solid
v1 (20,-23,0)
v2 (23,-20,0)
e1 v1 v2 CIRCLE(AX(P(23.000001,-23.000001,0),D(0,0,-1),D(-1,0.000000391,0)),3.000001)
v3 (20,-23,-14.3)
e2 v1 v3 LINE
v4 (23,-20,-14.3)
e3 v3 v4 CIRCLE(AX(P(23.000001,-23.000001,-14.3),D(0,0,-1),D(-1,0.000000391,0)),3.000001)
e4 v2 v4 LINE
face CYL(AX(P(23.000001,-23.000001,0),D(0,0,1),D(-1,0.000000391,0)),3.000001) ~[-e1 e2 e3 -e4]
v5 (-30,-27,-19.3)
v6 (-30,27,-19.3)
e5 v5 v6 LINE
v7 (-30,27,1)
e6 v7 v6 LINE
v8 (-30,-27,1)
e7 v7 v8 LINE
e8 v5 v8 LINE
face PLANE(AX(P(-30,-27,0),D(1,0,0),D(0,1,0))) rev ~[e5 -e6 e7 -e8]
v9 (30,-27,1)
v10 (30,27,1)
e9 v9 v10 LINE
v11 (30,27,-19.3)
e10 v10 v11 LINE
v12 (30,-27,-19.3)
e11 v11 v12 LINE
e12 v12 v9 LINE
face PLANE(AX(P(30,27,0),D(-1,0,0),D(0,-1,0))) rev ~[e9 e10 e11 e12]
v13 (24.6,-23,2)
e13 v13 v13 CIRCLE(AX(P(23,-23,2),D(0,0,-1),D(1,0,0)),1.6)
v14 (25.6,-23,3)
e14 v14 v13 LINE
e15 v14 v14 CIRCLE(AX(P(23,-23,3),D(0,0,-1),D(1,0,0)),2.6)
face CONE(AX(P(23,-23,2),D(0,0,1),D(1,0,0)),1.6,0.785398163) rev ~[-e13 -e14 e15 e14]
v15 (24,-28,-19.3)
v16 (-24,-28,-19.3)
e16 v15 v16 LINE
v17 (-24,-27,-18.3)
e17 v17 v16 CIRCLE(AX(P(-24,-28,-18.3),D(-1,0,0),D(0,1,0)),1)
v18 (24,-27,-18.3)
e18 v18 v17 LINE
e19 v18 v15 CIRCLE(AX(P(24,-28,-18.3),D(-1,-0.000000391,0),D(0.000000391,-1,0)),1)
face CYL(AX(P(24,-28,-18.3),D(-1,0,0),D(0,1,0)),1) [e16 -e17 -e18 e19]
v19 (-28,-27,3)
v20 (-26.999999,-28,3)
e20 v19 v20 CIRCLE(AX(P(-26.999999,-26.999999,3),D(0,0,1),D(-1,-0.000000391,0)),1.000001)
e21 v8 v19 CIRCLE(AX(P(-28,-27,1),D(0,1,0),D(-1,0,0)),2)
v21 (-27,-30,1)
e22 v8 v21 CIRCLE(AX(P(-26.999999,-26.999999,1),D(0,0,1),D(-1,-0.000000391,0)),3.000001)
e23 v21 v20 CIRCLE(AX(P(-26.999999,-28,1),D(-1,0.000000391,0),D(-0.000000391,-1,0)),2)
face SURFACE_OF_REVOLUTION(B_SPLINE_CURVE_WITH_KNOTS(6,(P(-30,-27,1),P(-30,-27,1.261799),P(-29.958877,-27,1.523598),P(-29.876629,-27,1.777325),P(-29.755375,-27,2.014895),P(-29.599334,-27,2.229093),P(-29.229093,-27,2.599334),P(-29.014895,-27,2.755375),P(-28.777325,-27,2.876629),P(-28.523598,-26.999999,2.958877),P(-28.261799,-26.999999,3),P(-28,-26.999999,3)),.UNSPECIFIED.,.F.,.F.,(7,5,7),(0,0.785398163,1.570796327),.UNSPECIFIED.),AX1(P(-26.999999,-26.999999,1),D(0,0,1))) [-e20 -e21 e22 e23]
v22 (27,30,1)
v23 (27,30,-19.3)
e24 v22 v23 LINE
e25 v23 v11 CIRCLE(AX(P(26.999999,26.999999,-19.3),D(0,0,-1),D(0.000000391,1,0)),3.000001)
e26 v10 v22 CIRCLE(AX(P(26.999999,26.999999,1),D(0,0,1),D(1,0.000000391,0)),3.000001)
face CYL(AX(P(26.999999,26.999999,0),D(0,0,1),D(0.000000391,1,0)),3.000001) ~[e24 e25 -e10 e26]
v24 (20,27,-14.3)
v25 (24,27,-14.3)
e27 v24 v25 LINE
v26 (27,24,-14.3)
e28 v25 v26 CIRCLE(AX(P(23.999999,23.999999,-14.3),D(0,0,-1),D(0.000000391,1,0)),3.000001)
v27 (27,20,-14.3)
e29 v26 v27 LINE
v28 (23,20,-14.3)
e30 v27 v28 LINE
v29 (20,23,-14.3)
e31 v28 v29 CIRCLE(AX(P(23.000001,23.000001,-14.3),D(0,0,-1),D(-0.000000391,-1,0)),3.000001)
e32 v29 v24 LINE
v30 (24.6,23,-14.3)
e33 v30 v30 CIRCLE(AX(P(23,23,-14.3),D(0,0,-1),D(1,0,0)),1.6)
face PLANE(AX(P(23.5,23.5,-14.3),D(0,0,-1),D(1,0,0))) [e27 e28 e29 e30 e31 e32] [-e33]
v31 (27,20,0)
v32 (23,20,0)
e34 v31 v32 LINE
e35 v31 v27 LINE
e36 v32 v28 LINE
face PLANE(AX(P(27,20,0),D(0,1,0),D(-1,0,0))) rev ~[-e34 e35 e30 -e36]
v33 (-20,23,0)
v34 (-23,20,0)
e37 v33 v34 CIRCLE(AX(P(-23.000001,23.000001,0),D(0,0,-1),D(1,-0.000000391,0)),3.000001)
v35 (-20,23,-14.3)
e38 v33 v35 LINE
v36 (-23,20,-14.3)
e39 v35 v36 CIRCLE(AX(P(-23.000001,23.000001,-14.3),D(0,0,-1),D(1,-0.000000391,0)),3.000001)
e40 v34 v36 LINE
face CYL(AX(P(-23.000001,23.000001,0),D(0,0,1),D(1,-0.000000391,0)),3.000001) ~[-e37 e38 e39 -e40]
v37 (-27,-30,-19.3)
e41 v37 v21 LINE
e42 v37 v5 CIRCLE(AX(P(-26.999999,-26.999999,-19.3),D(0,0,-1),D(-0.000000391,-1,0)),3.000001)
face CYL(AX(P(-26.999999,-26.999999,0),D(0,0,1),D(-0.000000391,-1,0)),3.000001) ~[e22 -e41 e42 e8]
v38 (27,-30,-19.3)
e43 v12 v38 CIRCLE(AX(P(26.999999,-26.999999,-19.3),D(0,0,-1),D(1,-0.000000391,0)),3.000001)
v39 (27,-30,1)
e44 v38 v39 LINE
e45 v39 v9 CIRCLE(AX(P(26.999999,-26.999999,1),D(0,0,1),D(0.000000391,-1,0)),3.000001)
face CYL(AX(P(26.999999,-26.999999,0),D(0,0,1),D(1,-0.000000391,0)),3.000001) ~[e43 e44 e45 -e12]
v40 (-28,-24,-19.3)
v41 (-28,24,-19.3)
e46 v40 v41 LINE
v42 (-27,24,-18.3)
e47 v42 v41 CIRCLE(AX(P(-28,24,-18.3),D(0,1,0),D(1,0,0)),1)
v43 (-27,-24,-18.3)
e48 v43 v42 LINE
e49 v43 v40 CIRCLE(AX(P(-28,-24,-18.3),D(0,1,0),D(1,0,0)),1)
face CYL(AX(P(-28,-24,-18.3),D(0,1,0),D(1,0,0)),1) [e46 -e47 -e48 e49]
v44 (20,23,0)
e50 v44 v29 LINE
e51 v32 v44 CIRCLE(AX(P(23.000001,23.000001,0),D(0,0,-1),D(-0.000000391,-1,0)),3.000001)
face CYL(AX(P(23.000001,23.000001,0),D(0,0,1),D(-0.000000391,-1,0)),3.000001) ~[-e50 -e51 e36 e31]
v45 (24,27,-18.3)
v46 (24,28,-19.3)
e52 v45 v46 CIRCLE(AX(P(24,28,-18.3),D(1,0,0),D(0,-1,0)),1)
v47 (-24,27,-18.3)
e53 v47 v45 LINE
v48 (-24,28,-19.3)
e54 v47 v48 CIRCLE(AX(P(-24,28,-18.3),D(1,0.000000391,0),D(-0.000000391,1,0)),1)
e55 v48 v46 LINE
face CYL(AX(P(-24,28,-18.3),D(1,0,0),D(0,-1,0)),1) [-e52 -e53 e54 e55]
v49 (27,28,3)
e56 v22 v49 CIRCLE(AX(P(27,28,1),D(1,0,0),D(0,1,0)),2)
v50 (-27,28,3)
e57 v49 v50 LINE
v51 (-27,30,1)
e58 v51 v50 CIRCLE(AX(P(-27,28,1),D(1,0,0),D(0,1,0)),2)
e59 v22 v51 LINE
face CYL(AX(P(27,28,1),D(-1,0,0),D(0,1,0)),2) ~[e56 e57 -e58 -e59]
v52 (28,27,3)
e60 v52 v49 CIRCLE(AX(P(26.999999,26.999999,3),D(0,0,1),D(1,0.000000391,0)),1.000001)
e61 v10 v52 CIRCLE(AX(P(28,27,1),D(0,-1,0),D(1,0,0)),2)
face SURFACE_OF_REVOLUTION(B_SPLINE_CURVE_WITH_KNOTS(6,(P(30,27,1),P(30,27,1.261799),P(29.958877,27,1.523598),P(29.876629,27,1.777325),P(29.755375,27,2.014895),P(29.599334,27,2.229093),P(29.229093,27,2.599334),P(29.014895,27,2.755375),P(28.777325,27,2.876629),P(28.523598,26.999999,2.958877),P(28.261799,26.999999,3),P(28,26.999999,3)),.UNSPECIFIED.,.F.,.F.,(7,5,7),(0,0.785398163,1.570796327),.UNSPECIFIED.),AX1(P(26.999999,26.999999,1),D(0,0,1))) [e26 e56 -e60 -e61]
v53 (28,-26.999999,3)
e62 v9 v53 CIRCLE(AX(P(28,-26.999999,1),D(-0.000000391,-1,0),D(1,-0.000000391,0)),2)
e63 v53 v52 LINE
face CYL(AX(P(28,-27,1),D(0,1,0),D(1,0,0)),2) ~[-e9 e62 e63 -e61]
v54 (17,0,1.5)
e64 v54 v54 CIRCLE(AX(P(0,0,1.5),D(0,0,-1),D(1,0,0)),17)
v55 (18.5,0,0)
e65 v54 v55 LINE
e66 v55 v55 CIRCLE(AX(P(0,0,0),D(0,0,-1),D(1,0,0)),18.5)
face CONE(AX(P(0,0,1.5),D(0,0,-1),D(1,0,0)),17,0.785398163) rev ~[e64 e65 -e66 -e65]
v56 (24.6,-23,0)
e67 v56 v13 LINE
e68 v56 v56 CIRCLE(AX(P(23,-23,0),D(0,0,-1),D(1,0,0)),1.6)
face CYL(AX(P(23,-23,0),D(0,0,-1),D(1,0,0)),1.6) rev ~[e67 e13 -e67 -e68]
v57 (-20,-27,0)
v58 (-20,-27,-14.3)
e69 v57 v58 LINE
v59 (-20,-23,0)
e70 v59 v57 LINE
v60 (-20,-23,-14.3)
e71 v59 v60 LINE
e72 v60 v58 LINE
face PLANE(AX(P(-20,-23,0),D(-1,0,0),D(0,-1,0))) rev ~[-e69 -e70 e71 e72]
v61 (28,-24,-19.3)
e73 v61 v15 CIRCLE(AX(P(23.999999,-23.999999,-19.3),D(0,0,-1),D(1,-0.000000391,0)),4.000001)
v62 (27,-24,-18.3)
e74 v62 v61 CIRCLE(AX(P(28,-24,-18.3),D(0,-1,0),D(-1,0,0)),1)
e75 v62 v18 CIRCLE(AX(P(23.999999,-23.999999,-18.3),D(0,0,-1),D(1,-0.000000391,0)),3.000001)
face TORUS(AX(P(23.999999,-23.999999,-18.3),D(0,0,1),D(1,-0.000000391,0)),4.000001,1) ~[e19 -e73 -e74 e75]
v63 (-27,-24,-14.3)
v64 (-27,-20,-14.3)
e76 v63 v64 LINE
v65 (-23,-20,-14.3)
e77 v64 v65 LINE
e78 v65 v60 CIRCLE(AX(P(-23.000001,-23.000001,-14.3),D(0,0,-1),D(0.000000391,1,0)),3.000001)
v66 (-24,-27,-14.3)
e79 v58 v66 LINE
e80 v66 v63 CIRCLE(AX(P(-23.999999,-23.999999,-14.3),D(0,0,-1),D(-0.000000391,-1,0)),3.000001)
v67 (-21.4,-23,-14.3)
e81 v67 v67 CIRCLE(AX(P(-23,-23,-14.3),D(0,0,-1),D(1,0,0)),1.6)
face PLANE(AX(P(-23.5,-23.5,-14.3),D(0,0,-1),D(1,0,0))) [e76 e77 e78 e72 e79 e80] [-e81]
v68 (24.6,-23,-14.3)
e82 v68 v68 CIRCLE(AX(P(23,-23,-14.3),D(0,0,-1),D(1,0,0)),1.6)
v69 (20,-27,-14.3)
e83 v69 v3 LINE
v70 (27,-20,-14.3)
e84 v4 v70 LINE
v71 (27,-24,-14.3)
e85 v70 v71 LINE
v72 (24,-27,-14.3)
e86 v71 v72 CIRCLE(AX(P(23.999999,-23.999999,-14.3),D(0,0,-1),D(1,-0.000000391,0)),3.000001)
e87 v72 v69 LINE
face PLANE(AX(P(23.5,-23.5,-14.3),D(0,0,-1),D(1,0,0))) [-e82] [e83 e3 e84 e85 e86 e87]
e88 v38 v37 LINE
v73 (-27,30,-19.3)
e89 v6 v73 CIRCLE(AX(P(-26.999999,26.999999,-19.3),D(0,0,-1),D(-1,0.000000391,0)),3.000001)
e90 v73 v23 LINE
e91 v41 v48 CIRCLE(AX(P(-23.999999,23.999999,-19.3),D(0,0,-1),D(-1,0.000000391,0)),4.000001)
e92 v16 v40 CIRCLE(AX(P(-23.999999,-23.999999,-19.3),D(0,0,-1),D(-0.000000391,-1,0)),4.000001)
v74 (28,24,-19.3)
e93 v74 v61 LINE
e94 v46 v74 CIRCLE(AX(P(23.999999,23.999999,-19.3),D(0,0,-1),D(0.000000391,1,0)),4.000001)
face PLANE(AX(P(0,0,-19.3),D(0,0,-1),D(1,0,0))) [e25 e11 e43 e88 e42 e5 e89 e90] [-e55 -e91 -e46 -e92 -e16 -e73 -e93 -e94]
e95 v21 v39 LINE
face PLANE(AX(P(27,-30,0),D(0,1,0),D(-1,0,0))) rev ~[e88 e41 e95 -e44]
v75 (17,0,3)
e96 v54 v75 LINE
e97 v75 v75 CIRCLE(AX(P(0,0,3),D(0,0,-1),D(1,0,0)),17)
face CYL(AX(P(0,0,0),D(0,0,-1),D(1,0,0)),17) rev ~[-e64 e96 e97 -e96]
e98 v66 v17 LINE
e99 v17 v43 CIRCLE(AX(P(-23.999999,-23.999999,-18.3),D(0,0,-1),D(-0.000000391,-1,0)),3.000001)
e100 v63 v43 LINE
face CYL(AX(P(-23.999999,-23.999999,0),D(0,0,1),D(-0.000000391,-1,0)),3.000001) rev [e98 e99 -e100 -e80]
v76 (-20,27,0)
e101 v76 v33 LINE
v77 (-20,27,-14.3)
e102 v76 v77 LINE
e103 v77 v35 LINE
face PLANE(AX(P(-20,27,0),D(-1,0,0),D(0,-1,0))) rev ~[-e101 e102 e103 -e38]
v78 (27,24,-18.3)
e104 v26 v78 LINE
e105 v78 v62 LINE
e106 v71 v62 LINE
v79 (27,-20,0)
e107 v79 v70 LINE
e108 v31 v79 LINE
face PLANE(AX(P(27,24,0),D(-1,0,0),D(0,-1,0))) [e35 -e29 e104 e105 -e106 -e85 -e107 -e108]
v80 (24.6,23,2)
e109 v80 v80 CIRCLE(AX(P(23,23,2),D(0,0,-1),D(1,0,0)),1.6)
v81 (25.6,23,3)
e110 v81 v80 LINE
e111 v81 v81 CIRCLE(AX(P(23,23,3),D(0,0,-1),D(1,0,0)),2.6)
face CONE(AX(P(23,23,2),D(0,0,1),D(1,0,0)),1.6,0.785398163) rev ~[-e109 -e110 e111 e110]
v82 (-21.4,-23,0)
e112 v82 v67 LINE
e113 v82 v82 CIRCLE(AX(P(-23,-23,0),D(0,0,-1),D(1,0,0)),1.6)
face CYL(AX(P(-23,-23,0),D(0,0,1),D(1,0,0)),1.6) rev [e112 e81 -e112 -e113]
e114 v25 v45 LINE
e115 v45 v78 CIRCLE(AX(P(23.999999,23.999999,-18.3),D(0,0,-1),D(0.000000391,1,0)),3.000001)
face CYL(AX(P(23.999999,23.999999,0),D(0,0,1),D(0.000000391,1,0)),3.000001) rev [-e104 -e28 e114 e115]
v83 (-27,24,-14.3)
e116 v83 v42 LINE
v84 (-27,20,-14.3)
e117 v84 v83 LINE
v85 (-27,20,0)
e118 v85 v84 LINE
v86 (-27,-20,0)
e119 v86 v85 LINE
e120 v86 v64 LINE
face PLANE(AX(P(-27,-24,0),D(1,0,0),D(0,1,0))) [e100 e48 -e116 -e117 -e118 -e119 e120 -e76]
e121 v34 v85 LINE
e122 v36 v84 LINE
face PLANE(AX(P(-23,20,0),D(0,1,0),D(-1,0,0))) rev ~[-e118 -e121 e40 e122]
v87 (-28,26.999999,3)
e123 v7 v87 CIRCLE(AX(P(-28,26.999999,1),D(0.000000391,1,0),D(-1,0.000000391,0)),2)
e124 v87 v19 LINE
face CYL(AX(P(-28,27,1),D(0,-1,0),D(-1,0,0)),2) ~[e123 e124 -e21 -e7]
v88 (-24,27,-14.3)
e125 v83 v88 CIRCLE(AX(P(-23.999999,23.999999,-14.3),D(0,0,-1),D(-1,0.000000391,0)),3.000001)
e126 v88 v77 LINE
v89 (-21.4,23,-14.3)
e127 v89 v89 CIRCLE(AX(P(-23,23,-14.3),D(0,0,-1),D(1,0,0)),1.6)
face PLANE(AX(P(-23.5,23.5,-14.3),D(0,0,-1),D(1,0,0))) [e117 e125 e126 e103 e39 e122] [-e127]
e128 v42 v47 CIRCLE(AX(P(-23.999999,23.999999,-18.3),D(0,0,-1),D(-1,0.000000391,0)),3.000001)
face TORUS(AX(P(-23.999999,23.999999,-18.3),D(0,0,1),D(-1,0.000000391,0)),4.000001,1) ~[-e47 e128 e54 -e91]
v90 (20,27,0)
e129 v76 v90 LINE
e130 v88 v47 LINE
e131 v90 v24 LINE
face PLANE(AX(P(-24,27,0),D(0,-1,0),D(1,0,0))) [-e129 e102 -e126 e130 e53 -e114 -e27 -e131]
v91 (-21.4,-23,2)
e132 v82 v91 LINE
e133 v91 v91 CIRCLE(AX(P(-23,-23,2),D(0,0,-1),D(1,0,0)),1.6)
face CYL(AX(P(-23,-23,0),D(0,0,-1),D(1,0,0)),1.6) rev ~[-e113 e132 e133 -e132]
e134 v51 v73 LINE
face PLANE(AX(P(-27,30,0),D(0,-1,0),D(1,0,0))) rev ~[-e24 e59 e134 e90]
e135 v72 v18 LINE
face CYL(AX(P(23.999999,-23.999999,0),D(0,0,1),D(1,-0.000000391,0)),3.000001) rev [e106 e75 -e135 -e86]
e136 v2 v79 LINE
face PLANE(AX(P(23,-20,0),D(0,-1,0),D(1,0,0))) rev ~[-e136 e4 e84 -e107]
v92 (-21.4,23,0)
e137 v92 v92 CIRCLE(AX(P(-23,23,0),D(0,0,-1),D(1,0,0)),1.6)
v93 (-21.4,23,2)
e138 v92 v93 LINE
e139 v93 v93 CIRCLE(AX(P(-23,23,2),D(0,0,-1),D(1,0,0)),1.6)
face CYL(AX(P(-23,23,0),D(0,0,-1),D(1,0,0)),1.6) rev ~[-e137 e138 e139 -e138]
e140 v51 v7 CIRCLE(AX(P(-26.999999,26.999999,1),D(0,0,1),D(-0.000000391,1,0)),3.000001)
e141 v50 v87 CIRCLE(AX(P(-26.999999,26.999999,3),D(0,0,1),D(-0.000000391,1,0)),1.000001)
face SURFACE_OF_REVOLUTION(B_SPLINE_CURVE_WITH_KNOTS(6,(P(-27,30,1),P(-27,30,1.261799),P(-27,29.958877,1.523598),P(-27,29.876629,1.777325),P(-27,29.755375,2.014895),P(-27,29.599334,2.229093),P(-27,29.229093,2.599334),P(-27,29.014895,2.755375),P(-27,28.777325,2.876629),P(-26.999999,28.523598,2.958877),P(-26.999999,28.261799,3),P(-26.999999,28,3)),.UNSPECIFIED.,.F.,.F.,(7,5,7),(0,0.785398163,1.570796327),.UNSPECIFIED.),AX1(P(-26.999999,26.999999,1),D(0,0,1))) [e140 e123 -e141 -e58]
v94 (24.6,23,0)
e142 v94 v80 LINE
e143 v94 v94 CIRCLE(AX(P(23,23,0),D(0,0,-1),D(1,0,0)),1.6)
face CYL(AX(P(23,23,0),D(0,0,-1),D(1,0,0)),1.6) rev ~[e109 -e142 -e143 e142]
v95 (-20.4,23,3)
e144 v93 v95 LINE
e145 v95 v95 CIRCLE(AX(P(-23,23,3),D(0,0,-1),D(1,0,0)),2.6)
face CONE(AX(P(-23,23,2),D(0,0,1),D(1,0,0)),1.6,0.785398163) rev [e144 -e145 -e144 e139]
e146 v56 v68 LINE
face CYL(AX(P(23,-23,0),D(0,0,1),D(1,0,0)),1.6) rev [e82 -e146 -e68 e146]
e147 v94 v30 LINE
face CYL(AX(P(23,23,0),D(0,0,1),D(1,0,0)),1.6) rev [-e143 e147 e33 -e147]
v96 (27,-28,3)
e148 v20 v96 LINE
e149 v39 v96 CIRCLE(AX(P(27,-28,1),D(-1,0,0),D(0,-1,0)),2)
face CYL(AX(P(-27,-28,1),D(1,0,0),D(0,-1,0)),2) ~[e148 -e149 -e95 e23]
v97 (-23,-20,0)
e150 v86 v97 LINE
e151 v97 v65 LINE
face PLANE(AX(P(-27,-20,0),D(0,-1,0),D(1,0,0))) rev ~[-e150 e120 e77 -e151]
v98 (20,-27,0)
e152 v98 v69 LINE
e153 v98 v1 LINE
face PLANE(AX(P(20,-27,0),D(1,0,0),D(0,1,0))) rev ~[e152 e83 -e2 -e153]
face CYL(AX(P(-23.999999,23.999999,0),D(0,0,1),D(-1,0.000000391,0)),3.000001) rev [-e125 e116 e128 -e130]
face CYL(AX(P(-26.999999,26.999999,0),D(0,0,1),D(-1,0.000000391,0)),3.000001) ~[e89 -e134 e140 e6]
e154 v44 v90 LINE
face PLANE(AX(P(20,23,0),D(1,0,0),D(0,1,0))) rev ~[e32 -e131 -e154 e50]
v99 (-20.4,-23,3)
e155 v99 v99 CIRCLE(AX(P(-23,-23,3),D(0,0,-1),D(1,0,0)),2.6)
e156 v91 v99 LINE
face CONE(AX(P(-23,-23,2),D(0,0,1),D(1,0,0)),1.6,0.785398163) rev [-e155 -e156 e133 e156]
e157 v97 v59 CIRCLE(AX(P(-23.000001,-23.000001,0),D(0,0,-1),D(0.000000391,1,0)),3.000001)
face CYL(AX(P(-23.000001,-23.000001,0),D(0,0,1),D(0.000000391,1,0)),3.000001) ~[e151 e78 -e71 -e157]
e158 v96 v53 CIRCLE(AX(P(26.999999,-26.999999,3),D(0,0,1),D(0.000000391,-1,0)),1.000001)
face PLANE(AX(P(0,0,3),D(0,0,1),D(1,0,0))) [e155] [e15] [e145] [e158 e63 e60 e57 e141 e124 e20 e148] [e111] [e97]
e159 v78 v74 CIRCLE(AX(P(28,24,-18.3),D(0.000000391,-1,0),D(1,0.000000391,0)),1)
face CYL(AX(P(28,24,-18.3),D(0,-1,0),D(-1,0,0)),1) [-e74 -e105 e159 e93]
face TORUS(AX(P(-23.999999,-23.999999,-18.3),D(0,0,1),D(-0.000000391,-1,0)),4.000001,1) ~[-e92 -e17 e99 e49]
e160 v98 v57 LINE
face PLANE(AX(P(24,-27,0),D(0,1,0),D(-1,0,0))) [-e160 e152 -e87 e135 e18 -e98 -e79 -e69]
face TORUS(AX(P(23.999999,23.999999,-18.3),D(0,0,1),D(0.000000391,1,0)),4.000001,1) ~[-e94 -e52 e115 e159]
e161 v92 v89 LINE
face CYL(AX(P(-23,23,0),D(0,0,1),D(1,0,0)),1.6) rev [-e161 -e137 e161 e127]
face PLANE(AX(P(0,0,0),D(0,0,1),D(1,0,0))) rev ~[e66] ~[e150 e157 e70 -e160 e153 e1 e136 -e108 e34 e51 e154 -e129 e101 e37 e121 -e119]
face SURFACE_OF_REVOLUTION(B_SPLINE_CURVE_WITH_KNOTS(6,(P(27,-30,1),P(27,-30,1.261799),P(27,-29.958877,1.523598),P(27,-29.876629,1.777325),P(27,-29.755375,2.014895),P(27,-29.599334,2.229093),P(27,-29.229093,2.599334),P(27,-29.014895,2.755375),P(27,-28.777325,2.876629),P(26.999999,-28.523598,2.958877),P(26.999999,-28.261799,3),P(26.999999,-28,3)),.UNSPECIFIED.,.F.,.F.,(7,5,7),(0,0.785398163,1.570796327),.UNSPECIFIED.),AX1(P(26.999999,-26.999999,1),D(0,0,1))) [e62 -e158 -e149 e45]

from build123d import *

# Parameters (mm, degrees)
PAD_DEPTH       = 3
SKETCH001_R     = 17
POCKET_DEPTH    = 3.001
PAD001_DEPTH    = 19.3
FILLET_R        = 1
FILLET001_R     = 2
CHAMFER_SIZE    = 1.5
SKETCH003_R     = 1.6
POCKET001_DEPTH = 5
SKETCH004_R     = 1.6
PAD002_DEPTH    = 14.3
CHAMFER001_SIZE = 1


with BuildPart() as part:
    # Sketch → Pad (new body)
    with BuildSketch(Plane.XY):
        with BuildLine():
            Line((-30, 27), (-30, -27))
            ThreePointArc((-30, -27), (-29.12132, -29.12132), (-27, -30))
            Line((-27, -30), (27, -30))
            ThreePointArc((27, -30), (29.12132, -29.12132), (30, -27))
            Line((30, -27), (30, 27))
            ThreePointArc((30, 27), (29.12132, 29.12132), (27, 30))
            Line((27, 30), (-27, 30))
            ThreePointArc((-27, 30), (-29.12132, 29.12132), (-30, 27))
        make_face()
    extrude(amount=PAD_DEPTH)

    # Sketch001 (on Face9 of Pad) → Pocket (cut, through all)
    with BuildSketch(Plane(origin=(0, 0, 0), x_dir=(1, 0, 0), z_dir=(0, 0, -1))):
        Circle(SKETCH001_R)
    extrude(amount=-POCKET_DEPTH, mode=Mode.SUBTRACT)

    # Sketch002 (on Face4 of Pocket) → Pad001 (join)
    with BuildSketch(Plane(origin=(0, 0, 0), x_dir=(1, 0, 0), z_dir=(0, 0, -1))):
        with BuildLine():
            Line((-30, 27), (-30, -27))
            ThreePointArc((-30, -27), (-29.12132, -29.12132), (-27, -30))
            Line((-27, -30), (27, -30))
            ThreePointArc((27, -30), (29.12132, -29.12132), (30, -27))
            Line((30, -27), (30, 27))
            ThreePointArc((30, 27), (29.12132, 29.12132), (27, 30))
            Line((27, 30), (-27, 30))
            ThreePointArc((-27, 30), (-29.12132, 29.12132), (-30, 27))
        make_face()
        with BuildLine():
            Line((-27, 24), (-27, -24))
            ThreePointArc((-27, -24), (-26.12132, -26.12132), (-24, -27))
            Line((-24, -27), (24, -27))
            ThreePointArc((24, -27), (26.12132, -26.12132), (27, -24))
            Line((27, -24), (27, 24))
            ThreePointArc((27, 24), (26.12132, 26.12132), (24, 27))
            Line((24, 27), (-24, 27))
            ThreePointArc((-24, 27), (-26.12132, 26.12132), (-27, 24))
        make_face(mode=Mode.SUBTRACT)
    extrude(amount=PAD001_DEPTH)

    # Fillet
    fillet_edges = [part.edges().sort_by_distance(p)[0] for p in [
        (-27, 0, -19.3),
        (27, 0, -19.3),
        (0, -27, -19.3),
        (0, 27, -19.3),
    ]]
    fillet(fillet_edges, radius=FILLET_R)

    # Fillet001
    fillet001_edges = [part.edges().sort_by_distance(p)[0] for p in [
        (0, 30, 3),
        (-30, 0, 3),
        (0, -30, 3),
        (30, 0, 3),
    ]]
    fillet(fillet001_edges, radius=FILLET001_R)

    # Chamfer
    chamfer_edges = [part.edges().sort_by_distance(p)[0] for p in [
        (-17, 0, 0),
    ]]
    chamfer(chamfer_edges, length=CHAMFER_SIZE)

    # Sketch003 (on Face4 of Chamfer) → Pocket001 (cut)
    with BuildSketch(Plane(origin=(0, 0, 0), x_dir=(1, 0, 0), z_dir=(0, 0, -1))):
        with Locations((-23, 23)):
            Circle(SKETCH003_R)
        with Locations((-23, -23)):
            Circle(SKETCH003_R)
        with Locations((23, -23)):
            Circle(SKETCH003_R)
        with Locations((23, 23)):
            Circle(SKETCH003_R)
    extrude(amount=-POCKET001_DEPTH, mode=Mode.SUBTRACT)

    # Sketch004 (on Face4 of Pocket001) → Pad002 (join)
    with BuildSketch(Plane(origin=(0, 0, 0), x_dir=(1, 0, 0), z_dir=(0, 0, -1))):
        with BuildLine():
            Line((-27, 24), (-27, 20))
            Line((-27, 20), (-23, 20))
            ThreePointArc((-23, 20), (-20.87868, 20.87868), (-20, 23))
            Line((-20, 23), (-20, 27))
            Line((-20, 27), (-24, 27))
            ThreePointArc((-24, 27), (-26.12132, 26.12132), (-27, 24))
        make_face()
        with Locations((-23, 23)):
            Circle(SKETCH004_R, mode=Mode.SUBTRACT)
        with BuildLine():
            Line((23, 20), (27, 20))
            Line((27, 20), (27, 24))
            ThreePointArc((27, 24), (26.12132, 26.12132), (24, 27))
            Line((24, 27), (20, 27))
            Line((20, 27), (20, 23))
            ThreePointArc((20, 23), (20.87868, 20.87868), (23, 20))
        make_face()
        with Locations((23, 23)):
            Circle(SKETCH004_R, mode=Mode.SUBTRACT)
        with BuildLine():
            Line((-23, -20), (-27, -20))
            Line((-27, -20), (-27, -24))
            ThreePointArc((-27, -24), (-26.12132, -26.12132), (-24, -27))
            Line((-24, -27), (-20, -27))
            Line((-20, -27), (-20, -23))
            ThreePointArc((-20, -23), (-20.87868, -20.87868), (-23, -20))
        make_face()
        with Locations((-23, -23)):
            Circle(SKETCH004_R, mode=Mode.SUBTRACT)
        with BuildLine():
            Line((27, -20), (23, -20))
            ThreePointArc((23, -20), (20.87868, -20.87868), (20, -23))
            Line((20, -23), (20, -27))
            Line((20, -27), (24, -27))
            ThreePointArc((24, -27), (26.12132, -26.12132), (27, -24))
            Line((27, -24), (27, -20))
        make_face()
        with Locations((23, -23)):
            Circle(SKETCH004_R, mode=Mode.SUBTRACT)
    extrude(amount=PAD002_DEPTH)

    # Chamfer001
    chamfer001_edges = [part.edges().sort_by_distance(p)[0] for p in [
        (-24.6, -23, 3),
        (21.4, -23, 3),
        (-24.6, 23, 3),
        (21.4, 23, 3),
    ]]
    chamfer(chamfer001_edges, length=CHAMFER001_SIZE)


solid = part.part
